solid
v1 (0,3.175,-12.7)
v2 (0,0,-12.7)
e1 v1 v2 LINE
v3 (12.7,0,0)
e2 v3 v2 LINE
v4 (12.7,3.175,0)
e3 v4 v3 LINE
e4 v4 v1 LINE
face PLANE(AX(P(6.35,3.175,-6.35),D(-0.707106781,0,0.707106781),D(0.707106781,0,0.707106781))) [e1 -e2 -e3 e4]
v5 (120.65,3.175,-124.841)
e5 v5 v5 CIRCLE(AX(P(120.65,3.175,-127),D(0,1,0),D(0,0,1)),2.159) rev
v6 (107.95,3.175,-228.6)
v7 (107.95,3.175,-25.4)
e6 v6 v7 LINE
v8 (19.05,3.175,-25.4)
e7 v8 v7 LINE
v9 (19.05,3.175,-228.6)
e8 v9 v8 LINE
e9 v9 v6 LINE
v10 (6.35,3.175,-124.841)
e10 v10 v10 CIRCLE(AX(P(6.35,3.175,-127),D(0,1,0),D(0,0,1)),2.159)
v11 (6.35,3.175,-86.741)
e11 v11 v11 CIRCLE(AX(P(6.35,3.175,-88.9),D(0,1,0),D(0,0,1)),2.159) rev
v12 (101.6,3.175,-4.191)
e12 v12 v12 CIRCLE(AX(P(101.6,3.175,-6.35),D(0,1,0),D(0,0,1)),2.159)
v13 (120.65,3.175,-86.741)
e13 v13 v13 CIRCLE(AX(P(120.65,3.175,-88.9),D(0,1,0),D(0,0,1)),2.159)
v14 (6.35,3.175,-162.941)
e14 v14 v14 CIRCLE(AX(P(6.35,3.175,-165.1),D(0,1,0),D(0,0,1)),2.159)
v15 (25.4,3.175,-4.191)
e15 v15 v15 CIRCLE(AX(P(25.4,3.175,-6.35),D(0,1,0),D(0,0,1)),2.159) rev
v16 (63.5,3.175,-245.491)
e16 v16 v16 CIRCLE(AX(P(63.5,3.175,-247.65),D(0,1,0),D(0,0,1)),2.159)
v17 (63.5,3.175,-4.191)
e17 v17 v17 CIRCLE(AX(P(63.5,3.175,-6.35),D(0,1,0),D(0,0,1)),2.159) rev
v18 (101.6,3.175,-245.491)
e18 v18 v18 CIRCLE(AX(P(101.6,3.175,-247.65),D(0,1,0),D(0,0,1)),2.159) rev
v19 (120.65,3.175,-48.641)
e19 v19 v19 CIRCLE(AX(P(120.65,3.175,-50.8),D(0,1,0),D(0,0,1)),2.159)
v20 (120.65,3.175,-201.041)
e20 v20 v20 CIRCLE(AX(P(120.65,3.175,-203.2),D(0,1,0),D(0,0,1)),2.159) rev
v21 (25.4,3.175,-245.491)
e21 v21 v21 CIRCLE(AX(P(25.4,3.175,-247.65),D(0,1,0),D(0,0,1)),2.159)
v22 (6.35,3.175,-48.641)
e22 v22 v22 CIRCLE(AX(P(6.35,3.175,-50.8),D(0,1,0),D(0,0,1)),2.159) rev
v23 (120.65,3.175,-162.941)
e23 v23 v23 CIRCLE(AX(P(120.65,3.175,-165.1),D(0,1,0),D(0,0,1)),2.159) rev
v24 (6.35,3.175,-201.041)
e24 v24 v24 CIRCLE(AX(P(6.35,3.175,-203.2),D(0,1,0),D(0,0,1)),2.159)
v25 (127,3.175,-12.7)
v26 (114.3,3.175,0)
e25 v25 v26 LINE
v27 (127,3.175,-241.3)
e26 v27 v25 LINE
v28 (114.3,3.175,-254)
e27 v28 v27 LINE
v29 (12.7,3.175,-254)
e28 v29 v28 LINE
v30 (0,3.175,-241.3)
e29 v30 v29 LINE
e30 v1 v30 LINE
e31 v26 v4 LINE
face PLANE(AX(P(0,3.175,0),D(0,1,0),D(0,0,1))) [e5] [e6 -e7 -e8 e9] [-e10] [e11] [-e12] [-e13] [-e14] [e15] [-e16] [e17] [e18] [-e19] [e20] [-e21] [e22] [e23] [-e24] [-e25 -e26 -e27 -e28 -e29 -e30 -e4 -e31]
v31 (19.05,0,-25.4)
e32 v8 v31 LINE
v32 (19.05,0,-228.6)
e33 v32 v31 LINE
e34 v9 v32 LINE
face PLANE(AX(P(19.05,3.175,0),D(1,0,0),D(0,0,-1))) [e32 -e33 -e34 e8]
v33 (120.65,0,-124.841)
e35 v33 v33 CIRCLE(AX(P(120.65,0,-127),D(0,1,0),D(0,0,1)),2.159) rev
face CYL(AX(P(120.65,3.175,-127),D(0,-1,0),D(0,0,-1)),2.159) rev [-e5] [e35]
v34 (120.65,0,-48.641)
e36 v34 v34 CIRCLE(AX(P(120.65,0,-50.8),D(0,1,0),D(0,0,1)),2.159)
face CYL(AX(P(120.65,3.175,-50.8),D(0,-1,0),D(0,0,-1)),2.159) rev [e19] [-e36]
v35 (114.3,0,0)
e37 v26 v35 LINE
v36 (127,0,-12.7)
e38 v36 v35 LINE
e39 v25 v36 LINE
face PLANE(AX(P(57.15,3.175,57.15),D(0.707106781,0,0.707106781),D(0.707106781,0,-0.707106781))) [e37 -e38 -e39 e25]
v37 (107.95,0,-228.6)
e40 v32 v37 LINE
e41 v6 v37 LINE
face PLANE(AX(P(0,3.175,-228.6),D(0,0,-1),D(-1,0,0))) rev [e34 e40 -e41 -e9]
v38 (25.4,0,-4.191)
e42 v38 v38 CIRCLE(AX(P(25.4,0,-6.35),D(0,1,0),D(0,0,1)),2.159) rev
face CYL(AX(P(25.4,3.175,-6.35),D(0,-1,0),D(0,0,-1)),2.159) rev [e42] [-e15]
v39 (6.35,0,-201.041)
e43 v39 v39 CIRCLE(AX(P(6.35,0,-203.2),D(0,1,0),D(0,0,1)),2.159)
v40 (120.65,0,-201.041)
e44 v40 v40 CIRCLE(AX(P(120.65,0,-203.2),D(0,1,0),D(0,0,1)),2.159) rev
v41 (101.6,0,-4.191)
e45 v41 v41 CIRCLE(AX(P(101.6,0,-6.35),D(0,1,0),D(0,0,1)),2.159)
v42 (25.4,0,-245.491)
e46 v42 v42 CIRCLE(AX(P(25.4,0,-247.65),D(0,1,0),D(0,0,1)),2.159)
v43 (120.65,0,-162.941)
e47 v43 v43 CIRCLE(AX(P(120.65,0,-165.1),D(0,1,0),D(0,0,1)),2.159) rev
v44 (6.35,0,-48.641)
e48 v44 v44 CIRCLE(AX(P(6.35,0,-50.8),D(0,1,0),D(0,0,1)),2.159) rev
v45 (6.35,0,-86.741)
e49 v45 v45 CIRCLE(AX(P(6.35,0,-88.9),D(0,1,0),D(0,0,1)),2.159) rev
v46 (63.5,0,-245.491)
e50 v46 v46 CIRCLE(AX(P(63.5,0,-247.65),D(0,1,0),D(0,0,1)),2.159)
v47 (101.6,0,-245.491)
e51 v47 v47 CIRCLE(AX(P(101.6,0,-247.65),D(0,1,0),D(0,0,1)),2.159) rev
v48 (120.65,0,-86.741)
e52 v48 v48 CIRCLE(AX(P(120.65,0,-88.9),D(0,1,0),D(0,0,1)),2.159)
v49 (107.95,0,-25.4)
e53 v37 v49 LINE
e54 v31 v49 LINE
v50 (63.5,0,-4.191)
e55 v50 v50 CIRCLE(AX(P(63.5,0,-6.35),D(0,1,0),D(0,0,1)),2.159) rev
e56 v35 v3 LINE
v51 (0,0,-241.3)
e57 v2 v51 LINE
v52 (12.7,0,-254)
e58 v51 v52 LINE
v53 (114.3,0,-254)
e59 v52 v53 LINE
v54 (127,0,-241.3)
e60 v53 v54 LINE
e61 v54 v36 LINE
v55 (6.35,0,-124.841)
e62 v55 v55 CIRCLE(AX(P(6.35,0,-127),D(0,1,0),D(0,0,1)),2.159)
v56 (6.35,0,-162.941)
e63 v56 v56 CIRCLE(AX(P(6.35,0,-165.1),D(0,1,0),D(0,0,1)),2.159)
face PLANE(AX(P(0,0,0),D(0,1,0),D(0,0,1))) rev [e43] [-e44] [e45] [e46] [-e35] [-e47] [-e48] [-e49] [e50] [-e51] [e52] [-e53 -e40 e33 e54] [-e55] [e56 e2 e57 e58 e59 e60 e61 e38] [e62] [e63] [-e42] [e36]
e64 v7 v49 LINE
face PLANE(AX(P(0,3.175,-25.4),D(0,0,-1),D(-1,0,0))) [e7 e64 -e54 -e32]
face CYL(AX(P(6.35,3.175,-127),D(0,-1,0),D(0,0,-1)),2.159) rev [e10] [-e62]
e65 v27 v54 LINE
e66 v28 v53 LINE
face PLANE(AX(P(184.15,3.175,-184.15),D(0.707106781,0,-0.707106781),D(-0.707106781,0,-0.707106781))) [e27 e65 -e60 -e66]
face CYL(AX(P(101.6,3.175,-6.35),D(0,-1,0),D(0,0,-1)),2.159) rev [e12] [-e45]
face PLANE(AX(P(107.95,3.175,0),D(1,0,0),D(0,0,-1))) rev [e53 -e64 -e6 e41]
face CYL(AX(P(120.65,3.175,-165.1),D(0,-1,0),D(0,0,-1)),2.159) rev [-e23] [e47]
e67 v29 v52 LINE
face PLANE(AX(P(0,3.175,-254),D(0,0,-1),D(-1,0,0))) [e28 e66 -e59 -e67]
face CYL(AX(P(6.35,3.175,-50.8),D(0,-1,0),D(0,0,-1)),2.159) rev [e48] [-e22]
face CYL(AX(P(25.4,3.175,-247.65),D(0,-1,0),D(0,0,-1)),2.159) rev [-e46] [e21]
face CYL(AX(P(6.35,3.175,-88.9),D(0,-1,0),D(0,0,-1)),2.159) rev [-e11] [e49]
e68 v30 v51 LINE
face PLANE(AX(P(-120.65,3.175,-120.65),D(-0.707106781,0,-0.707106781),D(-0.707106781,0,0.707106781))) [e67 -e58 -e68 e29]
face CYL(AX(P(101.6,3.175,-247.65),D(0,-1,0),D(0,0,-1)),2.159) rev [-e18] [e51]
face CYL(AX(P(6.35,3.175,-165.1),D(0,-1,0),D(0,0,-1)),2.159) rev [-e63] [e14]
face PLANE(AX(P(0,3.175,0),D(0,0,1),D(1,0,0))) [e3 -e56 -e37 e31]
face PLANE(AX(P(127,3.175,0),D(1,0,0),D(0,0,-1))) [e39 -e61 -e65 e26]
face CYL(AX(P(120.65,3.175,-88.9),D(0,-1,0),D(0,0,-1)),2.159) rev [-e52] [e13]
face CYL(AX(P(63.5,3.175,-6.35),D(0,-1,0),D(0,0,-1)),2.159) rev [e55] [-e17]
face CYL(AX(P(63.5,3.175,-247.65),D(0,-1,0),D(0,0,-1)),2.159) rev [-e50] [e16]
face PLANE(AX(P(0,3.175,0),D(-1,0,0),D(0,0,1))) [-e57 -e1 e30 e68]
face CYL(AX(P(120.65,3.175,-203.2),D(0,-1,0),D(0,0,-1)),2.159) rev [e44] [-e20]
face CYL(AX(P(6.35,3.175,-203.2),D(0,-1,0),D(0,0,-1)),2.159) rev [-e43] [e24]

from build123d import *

# Parameters (mm, degrees)
SKETCH2_R           = 2.159
SKETCH2_W           = 88.9
SKETCH2_H           = 203.2
BOSS_EXTRUDE1_DEPTH = 3.175


with BuildPart() as part:
    # Sketch2 → Boss-Extrude1 (new body)
    with BuildSketch(Plane(origin=(0, 0, 0), x_dir=(1, 0, 0), z_dir=(0, 1, 0))):
        Polygon((0, 12.7), (0, 241.3), (12.7, 254), (114.3, 254), (127, 241.3), (127, 12.7), (114.3, 0), (12.7, 0), align=None)
        with Locations(Location((6.35, 165.1, 0), (0, 0, 270))):
            Circle(SKETCH2_R, mode=Mode.SUBTRACT)
        with Locations(Location((25.4, 247.65, 0), (0, 0, 270))):
            Circle(SKETCH2_R, mode=Mode.SUBTRACT)
        with Locations(Location((6.35, 203.2, 0), (0, 0, 270))):
            Circle(SKETCH2_R, mode=Mode.SUBTRACT)
        with Locations(Location((63.5, 247.65, 0), (0, 0, 270))):
            Circle(SKETCH2_R, mode=Mode.SUBTRACT)
        with Locations(Location((6.35, 127, 0), (0, 0, 270))):
            Circle(SKETCH2_R, mode=Mode.SUBTRACT)
        with Locations(Location((120.65, 127, 0), (0, 0, 270))):
            Circle(SKETCH2_R, mode=Mode.SUBTRACT)
        with Locations(Location((120.65, 165.1, 0), (0, 0, 270))):
            Circle(SKETCH2_R, mode=Mode.SUBTRACT)
        with Locations(Location((120.65, 203.2, 0), (0, 0, 270))):
            Circle(SKETCH2_R, mode=Mode.SUBTRACT)
        with Locations(Location((101.6, 247.65, 0), (0, 0, 270))):
            Circle(SKETCH2_R, mode=Mode.SUBTRACT)
        with Locations(Location((101.6, 6.35, 0), (0, 0, 270))):
            Circle(SKETCH2_R, mode=Mode.SUBTRACT)
        with Locations(Location((63.5, 6.35, 0), (0, 0, 270))):
            Circle(SKETCH2_R, mode=Mode.SUBTRACT)
        with Locations(Location((25.4, 6.35, 0), (0, 0, 270))):
            Circle(SKETCH2_R, mode=Mode.SUBTRACT)
        with Locations(Location((120.65, 50.8, 0), (0, 0, 270))):
            Circle(SKETCH2_R, mode=Mode.SUBTRACT)
        with Locations(Location((6.35, 50.8, 0), (0, 0, 270))):
            Circle(SKETCH2_R, mode=Mode.SUBTRACT)
        with Locations(Location((120.65, 88.9, 0), (0, 0, 270))):
            Circle(SKETCH2_R, mode=Mode.SUBTRACT)
        with Locations(Location((6.35, 88.9, 0), (0, 0, 270))):
            Circle(SKETCH2_R, mode=Mode.SUBTRACT)
        with Locations((63.5, 127)):
            Rectangle(SKETCH2_W, SKETCH2_H, mode=Mode.SUBTRACT)
    extrude(amount=BOSS_EXTRUDE1_DEPTH)


solid = part.part
